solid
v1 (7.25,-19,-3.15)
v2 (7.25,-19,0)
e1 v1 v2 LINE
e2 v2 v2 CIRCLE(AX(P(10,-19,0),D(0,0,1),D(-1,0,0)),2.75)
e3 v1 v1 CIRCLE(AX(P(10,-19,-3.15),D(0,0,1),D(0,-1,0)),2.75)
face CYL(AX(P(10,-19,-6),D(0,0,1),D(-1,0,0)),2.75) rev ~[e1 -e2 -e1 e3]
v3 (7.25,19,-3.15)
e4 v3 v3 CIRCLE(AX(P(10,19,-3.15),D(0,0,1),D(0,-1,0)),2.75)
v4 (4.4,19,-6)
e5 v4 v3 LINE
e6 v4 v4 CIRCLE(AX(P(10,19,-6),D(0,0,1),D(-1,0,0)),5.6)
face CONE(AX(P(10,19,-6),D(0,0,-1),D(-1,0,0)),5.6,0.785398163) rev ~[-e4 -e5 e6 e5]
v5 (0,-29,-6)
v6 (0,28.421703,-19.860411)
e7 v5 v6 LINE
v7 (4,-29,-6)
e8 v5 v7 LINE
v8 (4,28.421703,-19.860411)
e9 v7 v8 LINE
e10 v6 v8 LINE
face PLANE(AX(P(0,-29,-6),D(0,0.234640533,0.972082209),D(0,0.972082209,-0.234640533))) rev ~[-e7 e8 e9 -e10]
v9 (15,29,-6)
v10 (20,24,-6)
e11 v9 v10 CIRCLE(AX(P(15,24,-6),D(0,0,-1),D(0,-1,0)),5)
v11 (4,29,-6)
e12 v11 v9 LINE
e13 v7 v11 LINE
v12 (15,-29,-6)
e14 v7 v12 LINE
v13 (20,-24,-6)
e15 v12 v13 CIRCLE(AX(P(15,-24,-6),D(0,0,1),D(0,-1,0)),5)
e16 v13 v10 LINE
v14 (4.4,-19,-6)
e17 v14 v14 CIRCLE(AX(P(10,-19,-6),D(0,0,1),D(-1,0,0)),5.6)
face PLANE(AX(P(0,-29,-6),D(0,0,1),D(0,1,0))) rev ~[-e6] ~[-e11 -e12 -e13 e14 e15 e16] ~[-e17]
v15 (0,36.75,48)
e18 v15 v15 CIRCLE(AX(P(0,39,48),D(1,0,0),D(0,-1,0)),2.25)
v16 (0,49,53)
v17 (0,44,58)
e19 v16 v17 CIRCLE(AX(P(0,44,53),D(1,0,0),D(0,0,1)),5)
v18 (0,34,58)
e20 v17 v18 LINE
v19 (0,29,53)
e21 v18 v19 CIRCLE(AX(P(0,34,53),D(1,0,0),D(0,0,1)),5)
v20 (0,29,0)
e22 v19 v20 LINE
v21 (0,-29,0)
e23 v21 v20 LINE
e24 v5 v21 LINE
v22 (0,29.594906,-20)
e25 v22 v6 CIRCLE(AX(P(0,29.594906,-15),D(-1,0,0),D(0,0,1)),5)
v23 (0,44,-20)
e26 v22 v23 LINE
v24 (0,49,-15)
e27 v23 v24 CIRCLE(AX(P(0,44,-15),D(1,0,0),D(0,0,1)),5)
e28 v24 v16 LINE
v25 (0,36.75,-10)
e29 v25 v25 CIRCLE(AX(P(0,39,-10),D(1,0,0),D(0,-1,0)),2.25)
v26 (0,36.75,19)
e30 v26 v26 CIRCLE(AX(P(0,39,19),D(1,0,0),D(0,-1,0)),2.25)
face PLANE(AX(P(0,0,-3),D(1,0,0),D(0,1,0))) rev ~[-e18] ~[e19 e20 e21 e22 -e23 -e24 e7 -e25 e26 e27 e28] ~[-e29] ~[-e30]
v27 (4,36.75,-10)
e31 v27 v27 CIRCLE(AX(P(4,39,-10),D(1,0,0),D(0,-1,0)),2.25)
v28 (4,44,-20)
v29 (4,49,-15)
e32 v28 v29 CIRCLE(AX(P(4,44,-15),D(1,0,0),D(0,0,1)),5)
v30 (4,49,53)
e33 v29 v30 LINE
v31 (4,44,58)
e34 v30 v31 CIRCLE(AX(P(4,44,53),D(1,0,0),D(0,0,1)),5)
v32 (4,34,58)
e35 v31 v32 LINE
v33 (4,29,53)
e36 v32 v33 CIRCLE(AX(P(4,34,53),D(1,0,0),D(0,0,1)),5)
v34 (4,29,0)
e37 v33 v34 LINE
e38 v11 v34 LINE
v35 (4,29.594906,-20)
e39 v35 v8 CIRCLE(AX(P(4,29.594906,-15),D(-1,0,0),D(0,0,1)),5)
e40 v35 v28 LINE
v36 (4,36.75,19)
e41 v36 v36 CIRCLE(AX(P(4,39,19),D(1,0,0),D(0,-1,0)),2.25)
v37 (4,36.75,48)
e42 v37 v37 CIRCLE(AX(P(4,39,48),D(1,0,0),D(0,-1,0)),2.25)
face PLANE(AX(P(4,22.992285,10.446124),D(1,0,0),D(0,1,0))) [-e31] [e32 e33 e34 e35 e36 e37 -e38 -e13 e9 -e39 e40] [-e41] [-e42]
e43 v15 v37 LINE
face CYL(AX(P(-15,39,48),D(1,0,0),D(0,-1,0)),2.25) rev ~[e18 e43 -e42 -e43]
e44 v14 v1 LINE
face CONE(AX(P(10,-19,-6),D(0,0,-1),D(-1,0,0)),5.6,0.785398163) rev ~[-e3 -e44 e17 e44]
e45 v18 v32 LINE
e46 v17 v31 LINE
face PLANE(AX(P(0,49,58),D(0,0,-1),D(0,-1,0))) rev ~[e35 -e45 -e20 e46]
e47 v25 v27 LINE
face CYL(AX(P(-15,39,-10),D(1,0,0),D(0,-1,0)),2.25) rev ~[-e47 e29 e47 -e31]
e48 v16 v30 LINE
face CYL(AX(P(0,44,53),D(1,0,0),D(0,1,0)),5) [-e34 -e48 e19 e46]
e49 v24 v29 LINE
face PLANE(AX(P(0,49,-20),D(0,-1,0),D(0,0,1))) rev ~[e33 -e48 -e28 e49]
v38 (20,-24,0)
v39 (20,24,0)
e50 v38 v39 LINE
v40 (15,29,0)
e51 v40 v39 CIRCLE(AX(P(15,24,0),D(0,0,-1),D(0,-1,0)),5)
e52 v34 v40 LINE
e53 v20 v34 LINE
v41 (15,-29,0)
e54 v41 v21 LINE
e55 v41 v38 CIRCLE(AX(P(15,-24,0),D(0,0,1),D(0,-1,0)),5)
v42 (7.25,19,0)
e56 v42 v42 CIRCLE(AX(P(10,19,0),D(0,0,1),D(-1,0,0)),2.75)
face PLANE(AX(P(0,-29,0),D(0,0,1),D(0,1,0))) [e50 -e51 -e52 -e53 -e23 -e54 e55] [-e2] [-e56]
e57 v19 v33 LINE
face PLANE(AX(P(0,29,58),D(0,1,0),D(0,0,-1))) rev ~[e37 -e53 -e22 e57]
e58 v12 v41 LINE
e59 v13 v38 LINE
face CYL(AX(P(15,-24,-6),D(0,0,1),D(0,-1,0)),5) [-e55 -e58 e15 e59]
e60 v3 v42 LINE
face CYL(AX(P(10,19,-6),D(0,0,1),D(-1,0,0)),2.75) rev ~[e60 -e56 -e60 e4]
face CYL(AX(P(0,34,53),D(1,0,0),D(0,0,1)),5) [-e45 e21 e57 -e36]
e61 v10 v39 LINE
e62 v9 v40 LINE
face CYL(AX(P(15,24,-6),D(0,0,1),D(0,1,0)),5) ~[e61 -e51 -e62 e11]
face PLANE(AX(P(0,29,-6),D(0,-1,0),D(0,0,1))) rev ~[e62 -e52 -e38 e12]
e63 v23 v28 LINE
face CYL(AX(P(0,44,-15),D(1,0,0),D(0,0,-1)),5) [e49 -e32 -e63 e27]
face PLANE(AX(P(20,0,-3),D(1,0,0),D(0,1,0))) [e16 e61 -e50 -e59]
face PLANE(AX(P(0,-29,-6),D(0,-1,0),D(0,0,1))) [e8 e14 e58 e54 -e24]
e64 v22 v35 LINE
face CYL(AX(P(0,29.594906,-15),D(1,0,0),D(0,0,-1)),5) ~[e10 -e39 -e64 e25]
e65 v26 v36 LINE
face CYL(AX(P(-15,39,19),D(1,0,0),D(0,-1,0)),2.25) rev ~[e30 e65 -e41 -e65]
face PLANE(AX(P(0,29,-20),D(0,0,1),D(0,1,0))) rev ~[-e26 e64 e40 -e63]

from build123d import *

# Parameters (mm, degrees)
F0_W           = 58
F0_H           = 6
F2_DEPTH       = 20
F3_DEPTH       = 4
F5_D           = 5.5
F5_DEPTH       = 15
F5_CSINK_D     = 11.2
F5_CSINK_ANGLE = 90
F5_TIP         = 1.6523667023
F6_R           = 5
F7_D           = 4.5
F7_DEPTH       = 15
F7_TIP         = 1.3519363928


with BuildPart() as f2:
    # F0 (on Right) → F2 (new body)
    with BuildSketch(Plane.YZ):
        with Locations((0, -3)):
            Rectangle(F0_W, F0_H)
    extrude(amount=F2_DEPTH)

    # F1 (on Right) → F3 (join)
    with BuildSketch(Plane.YZ):
        Polygon((-29, 0), (-29, -6), (29, -20), (49, -20), (49, 58), (29, 58), (29, 0), align=None)
    extrude(amount=F3_DEPTH)

    # F5
    with Locations(Plane(origin=(0, 0, -6), x_dir=(1, 0, 0), z_dir=(0, 0, -1))):
        with Locations((10, -19), (10, 19)):
            CounterSinkHole(F5_D / 2, F5_CSINK_D / 2, depth=F5_DEPTH, counter_sink_angle=F5_CSINK_ANGLE)
            with Locations((0, 0, -(F5_DEPTH + F5_TIP / 2))):  # 118° drill point
                Cone(0, F5_D / 2, F5_TIP, mode=Mode.SUBTRACT)

    # F6
    f6_edges = [f2.edges().sort_by_distance(p)[0] for p in [
        (20, -29, -3),
        (20, 29, -3),
        (2, 29, 58),
        (2, 49, 58),
        (2, 49, -20),
        (2, 29, -20),
    ]]
    fillet(f6_edges, radius=F6_R)

    # F7
    with Locations(Plane(origin=(0, 0, 0), x_dir=(0, 1, 0), z_dir=(-1, 0, 0))):
        with Locations((39, -48), (39, -19), (39, 10)):
            Hole(F7_D / 2, depth=F7_DEPTH)
            with Locations((0, 0, -(F7_DEPTH + F7_TIP / 2))):  # 118° drill point
                Cone(0, F7_D / 2, F7_TIP, mode=Mode.SUBTRACT)


solid = f2.part
